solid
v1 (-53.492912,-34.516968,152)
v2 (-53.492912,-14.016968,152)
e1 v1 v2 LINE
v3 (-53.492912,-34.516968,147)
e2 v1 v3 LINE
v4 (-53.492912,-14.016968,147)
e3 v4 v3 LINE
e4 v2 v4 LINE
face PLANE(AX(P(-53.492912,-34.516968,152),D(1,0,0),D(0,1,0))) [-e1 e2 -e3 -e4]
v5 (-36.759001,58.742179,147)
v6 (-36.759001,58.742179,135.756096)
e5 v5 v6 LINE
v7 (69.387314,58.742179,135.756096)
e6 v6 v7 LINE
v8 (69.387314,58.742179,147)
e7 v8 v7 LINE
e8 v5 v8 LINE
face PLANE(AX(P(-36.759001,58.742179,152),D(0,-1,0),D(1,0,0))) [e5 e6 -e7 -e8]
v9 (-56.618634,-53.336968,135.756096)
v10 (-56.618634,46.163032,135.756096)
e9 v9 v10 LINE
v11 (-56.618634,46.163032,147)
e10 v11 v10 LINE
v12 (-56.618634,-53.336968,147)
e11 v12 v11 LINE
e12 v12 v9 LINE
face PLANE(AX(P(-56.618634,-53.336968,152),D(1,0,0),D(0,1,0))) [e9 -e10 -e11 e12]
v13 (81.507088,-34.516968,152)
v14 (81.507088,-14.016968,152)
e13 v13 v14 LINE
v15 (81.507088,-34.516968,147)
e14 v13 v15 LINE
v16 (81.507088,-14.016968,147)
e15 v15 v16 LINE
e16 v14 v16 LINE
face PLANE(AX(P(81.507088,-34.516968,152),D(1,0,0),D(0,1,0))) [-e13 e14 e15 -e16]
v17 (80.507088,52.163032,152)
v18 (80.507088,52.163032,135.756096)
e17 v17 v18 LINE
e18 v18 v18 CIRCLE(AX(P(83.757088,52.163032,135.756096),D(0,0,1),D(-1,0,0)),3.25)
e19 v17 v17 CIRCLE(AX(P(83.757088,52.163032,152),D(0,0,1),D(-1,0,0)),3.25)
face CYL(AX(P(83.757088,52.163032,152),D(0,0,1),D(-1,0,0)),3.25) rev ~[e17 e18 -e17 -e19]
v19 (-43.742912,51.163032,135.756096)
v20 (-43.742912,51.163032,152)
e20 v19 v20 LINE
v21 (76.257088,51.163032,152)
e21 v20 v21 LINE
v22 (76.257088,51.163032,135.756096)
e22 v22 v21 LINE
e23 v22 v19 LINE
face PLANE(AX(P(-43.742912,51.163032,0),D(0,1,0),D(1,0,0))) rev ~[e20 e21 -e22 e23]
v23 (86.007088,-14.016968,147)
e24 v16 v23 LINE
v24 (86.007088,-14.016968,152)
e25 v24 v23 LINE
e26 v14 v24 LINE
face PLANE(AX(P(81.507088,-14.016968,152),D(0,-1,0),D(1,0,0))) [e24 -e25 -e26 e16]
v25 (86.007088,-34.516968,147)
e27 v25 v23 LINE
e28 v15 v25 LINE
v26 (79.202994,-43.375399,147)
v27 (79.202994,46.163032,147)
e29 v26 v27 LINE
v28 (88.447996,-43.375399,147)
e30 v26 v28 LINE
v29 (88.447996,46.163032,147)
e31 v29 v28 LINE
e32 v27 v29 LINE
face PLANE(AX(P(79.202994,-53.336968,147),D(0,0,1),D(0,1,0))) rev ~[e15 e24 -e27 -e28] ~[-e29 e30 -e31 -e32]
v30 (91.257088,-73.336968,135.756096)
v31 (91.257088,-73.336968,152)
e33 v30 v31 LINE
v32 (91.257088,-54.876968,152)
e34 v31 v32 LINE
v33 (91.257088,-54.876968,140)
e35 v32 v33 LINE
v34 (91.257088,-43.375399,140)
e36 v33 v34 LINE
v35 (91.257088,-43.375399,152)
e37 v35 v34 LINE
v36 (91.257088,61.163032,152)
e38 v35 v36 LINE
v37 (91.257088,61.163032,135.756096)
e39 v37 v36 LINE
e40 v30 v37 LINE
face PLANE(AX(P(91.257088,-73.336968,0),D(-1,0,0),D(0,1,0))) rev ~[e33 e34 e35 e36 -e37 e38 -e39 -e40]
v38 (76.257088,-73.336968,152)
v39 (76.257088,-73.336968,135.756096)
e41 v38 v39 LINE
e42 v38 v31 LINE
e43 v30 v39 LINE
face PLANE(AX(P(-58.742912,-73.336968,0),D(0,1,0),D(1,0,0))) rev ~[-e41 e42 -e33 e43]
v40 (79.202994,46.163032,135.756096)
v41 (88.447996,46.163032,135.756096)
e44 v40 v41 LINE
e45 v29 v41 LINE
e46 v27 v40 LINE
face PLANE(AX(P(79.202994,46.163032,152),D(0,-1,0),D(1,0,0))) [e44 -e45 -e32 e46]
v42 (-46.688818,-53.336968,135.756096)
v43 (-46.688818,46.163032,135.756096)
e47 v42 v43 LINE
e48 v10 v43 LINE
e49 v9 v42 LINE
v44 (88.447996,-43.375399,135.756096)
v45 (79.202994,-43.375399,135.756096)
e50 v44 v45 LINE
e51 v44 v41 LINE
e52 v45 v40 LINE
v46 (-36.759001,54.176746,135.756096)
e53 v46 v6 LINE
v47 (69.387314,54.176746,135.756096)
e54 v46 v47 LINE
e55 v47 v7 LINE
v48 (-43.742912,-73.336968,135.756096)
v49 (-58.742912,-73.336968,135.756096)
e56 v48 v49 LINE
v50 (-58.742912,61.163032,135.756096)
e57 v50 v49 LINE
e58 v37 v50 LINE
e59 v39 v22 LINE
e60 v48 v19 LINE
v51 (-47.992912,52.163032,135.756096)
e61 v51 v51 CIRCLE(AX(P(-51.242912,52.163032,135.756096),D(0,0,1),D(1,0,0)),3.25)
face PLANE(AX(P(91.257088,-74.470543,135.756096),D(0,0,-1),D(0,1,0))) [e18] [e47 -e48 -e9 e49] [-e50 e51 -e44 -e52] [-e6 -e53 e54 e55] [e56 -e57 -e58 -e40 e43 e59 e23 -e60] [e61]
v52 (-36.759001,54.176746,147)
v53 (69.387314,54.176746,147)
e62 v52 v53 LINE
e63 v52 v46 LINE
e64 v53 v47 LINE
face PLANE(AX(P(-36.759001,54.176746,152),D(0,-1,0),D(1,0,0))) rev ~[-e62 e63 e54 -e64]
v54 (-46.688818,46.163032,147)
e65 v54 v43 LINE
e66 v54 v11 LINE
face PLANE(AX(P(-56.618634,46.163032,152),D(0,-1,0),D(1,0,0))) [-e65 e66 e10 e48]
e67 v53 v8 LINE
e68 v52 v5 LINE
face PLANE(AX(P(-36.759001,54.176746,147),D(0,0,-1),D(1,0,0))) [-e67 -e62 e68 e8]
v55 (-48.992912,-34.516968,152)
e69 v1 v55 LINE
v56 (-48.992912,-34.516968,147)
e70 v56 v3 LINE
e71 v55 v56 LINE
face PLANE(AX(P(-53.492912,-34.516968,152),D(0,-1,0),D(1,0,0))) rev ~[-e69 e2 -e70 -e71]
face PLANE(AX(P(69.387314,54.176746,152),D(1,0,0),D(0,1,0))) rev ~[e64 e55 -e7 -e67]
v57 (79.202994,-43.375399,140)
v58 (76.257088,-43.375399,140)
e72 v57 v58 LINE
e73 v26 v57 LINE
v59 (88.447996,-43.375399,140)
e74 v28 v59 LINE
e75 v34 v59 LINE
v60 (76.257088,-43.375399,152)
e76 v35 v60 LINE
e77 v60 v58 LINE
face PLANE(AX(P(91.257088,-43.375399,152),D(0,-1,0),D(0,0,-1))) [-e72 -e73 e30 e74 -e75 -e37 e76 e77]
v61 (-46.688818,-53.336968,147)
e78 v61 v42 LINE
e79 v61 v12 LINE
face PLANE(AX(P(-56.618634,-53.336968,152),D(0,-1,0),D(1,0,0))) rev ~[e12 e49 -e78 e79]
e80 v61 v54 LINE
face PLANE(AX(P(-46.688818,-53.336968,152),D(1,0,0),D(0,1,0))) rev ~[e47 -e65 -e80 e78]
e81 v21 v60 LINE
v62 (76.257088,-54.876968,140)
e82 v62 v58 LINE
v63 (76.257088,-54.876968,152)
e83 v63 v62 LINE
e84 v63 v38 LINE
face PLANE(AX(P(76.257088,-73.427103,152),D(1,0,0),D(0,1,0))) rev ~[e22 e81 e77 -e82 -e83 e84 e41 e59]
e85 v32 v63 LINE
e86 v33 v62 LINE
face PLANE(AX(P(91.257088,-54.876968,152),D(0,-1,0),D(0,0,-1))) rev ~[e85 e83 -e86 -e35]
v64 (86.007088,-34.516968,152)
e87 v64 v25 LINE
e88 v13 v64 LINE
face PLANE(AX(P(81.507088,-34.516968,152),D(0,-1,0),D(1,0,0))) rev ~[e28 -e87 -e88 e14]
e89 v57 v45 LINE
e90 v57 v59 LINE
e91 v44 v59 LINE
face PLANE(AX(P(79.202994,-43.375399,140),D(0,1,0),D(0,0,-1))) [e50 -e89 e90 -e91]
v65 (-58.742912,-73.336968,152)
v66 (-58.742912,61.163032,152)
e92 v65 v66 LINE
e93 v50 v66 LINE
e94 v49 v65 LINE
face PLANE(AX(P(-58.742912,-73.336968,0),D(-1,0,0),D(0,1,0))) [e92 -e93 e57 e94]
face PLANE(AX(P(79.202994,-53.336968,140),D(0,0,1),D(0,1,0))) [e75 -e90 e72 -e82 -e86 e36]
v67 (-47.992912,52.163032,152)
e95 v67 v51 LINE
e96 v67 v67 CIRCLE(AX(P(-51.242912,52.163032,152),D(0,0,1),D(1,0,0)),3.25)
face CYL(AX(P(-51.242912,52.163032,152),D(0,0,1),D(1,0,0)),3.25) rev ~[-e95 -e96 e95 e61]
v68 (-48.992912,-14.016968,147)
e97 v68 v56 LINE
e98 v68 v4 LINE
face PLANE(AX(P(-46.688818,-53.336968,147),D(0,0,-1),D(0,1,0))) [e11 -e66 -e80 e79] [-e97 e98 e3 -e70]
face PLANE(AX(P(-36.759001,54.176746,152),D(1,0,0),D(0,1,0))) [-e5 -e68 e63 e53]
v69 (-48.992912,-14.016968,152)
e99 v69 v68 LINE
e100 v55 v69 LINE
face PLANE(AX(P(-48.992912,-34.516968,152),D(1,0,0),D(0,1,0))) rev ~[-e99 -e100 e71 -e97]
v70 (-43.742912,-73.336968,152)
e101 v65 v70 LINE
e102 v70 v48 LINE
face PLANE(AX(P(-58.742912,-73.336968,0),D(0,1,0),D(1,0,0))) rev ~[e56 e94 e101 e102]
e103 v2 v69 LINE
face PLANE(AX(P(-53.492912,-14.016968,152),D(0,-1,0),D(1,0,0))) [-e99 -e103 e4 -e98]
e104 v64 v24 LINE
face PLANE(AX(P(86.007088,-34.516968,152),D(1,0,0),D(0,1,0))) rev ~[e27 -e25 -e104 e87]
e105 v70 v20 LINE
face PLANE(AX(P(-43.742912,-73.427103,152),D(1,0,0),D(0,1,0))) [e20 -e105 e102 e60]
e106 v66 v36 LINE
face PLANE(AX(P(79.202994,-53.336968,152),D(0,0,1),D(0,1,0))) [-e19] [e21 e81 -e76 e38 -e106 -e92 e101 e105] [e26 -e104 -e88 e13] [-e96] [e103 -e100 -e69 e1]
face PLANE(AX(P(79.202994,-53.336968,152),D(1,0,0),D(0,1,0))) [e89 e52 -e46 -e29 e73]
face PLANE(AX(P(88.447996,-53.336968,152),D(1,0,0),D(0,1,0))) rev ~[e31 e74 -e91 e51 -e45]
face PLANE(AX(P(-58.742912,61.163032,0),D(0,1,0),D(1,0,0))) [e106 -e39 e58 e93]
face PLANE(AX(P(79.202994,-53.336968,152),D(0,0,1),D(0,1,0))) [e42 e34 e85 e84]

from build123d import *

# Parameters (mm, degrees)
SKETCH2_W           = 150
SKETCH2_H           = 134.5
SKETCH2_W_2         = 120
SKETCH2_H_2         = 114.5
BOSS_EXTRUDE1_DEPTH = 152
SKETCH3_R           = 3.25
CUT_EXTRUDE1_DEPTH  = 27.5
SKETCH4_W           = 120
SKETCH4_H           = 10.090135052
CUT_EXTRUDE2_DEPTH  = 192.859758942
SKETCH5_W           = 9.929816524
SKETCH5_H           = 99.5
SKETCH5_W_2         = 106.146314573
SKETCH5_H_2         = 4.565432885
SKETCH5_W_3         = 9.245001591
CUT_EXTRUDE3_DEPTH  = 140
SKETCH6_W           = 5
SKETCH6_H           = 99.5
BOSS_EXTRUDE2_DEPTH = 10
SKETCH7_W           = 106.146314573
SKETCH7_H           = 5
BOSS_EXTRUDE3_DEPTH = 6
SKETCH8_W           = 5
SKETCH8_H           = 99.5
BOSS_EXTRUDE4_DEPTH = 10
SKETCH9_R           = 3.25
CUT_EXTRUDE4_DEPTH  = 5
SKETCH11_W          = 12
SKETCH11_H          = 11.501568892
CUT_EXTRUDE5_DEPTH  = 35
SKETCH12_W          = 6.942410631
SKETCH12_H          = 9.961568892
BOSS_EXTRUDE5_DEPTH = 9.5
SKETCH13_W          = 4.5
SKETCH13_H          = 20.5
CUT_EXTRUDE6_DEPTH  = 15
SKETCH14_W          = 137.41211241
SKETCH14_H          = 135.633574501
CUT_EXTRUDE7_DEPTH  = 226.792628158


with BuildPart() as part:
    # Sketch2 → Boss-Extrude1 (new body)
    with BuildSketch(Plane.XY):
        with Locations((16.257088332, -6.086968375)):
            Rectangle(SKETCH2_W, SKETCH2_H)
        with Locations((16.257088332, -6.086968375)):
            Rectangle(SKETCH2_W_2, SKETCH2_H_2, mode=Mode.SUBTRACT)
    extrude(amount=BOSS_EXTRUDE1_DEPTH)

    # Sketch3 → Cut-Extrude1 (cut)
    with BuildSketch(Plane.XY.offset(152)):
        with Locations((-51.242911668, 52.163031625)):
            Circle(SKETCH3_R)
        with Locations((83.757088332, 52.163031625)):
            Circle(SKETCH3_R)
    extrude(amount=-CUT_EXTRUDE1_DEPTH, mode=Mode.SUBTRACT)

    # Sketch4 → Cut-Extrude2 (cut, through all)
    with BuildSketch(Plane.XY.offset(152)):
        with Locations((16.257088332, -68.382035901)):
            Rectangle(SKETCH4_W, SKETCH4_H)
    extrude(amount=-CUT_EXTRUDE2_DEPTH, mode=Mode.SUBTRACT)

    # Sketch5 → Cut-Extrude3 (cut)
    with BuildSketch(Plane.XY.offset(152)):
        with Locations((-51.653725831, -3.586968375)):
            Rectangle(SKETCH5_W, SKETCH5_H)
        with Locations((16.314156243, 56.459462148)):
            Rectangle(SKETCH5_W_2, SKETCH5_H_2)
        with Locations((83.825495028, -3.586968375)):
            Rectangle(SKETCH5_W_3, SKETCH5_H)
    extrude(amount=-CUT_EXTRUDE3_DEPTH, mode=Mode.SUBTRACT)

    # Sketch6 → Boss-Extrude2 (add)
    with BuildSketch(Plane.ZY.offset(46.688817569)):
        with Locations((149.5, -3.586968375)):
            Rectangle(SKETCH6_W, SKETCH6_H)
    extrude(amount=BOSS_EXTRUDE2_DEPTH)

    # Sketch7 → Boss-Extrude3 (add)
    with BuildSketch(Plane(origin=(0, 54.176745705, 0), x_dir=(1, 0, 0), z_dir=(0, 1, 0))):
        with Locations((16.314156243, -149.5)):
            Rectangle(SKETCH7_W, SKETCH7_H)
    extrude(amount=BOSS_EXTRUDE3_DEPTH)

    # Sketch8 → Boss-Extrude4 (add)
    with BuildSketch(Plane(origin=(79.202994232, 0, 0), x_dir=(0, 0, -1), z_dir=(1, 0, 0))):
        with Locations((-149.5, -3.586968375)):
            Rectangle(SKETCH8_W, SKETCH8_H)
    extrude(amount=BOSS_EXTRUDE4_DEPTH)

    # Sketch9 → Cut-Extrude4 (cut)
    with BuildSketch(Plane(origin=(0, 0, 0), x_dir=(-1, 0, 0), z_dir=(0, 0, -1))):
        with Locations((-83.757088332, 56.163031625)):
            Circle(SKETCH9_R)
        with Locations((-83.757088332, -3.836968375)):
            Circle(SKETCH9_R)
        with Locations((51.242911668, -3.836968375)):
            Circle(SKETCH9_R)
        with Locations((51.242911668, 56.163031625)):
            Circle(SKETCH9_R)
    extrude(amount=-CUT_EXTRUDE4_DEPTH, mode=Mode.SUBTRACT)

    # Sketch11 → Cut-Extrude5 (cut)
    with BuildSketch(Plane(origin=(91.257088332, 0, 0), x_dir=(0, 0, -1), z_dir=(1, 0, 0))):
        with Locations((-146, -49.126183929)):
            Rectangle(SKETCH11_W, SKETCH11_H)
    extrude(amount=-CUT_EXTRUDE5_DEPTH, mode=Mode.SUBTRACT)

    # Sketch12 → Boss-Extrude5 (add)
    with BuildSketch(Plane(origin=(79.202994232, 0, 0), x_dir=(0, 0, -1), z_dir=(1, 0, 0))):
        with Locations((-136.528794684, -48.356183929)):
            Rectangle(SKETCH12_W, SKETCH12_H)
    extrude(amount=BOSS_EXTRUDE5_DEPTH)

    # Sketch13 → Cut-Extrude6 (cut)
    with BuildSketch(Plane.XY.offset(152)):
        with Locations((83.757088332, -24.266968375)):
            Rectangle(SKETCH13_W, SKETCH13_H)
        with Locations((-51.242911668, -24.266968375)):
            Rectangle(SKETCH13_W, SKETCH13_H)
    extrude(amount=-CUT_EXTRUDE6_DEPTH, mode=Mode.SUBTRACT)

    # Sketch14 → Cut-Extrude7 (cut, through all)
    with BuildSketch(Plane(origin=(91.257088332, 0, 0), x_dir=(0, 0, -1), z_dir=(1, 0, 0))):
        with Locations((-67.050040254, -6.653755626)):
            Rectangle(SKETCH14_W, SKETCH14_H)
    extrude(amount=-CUT_EXTRUDE7_DEPTH, mode=Mode.SUBTRACT)


solid = part.part
